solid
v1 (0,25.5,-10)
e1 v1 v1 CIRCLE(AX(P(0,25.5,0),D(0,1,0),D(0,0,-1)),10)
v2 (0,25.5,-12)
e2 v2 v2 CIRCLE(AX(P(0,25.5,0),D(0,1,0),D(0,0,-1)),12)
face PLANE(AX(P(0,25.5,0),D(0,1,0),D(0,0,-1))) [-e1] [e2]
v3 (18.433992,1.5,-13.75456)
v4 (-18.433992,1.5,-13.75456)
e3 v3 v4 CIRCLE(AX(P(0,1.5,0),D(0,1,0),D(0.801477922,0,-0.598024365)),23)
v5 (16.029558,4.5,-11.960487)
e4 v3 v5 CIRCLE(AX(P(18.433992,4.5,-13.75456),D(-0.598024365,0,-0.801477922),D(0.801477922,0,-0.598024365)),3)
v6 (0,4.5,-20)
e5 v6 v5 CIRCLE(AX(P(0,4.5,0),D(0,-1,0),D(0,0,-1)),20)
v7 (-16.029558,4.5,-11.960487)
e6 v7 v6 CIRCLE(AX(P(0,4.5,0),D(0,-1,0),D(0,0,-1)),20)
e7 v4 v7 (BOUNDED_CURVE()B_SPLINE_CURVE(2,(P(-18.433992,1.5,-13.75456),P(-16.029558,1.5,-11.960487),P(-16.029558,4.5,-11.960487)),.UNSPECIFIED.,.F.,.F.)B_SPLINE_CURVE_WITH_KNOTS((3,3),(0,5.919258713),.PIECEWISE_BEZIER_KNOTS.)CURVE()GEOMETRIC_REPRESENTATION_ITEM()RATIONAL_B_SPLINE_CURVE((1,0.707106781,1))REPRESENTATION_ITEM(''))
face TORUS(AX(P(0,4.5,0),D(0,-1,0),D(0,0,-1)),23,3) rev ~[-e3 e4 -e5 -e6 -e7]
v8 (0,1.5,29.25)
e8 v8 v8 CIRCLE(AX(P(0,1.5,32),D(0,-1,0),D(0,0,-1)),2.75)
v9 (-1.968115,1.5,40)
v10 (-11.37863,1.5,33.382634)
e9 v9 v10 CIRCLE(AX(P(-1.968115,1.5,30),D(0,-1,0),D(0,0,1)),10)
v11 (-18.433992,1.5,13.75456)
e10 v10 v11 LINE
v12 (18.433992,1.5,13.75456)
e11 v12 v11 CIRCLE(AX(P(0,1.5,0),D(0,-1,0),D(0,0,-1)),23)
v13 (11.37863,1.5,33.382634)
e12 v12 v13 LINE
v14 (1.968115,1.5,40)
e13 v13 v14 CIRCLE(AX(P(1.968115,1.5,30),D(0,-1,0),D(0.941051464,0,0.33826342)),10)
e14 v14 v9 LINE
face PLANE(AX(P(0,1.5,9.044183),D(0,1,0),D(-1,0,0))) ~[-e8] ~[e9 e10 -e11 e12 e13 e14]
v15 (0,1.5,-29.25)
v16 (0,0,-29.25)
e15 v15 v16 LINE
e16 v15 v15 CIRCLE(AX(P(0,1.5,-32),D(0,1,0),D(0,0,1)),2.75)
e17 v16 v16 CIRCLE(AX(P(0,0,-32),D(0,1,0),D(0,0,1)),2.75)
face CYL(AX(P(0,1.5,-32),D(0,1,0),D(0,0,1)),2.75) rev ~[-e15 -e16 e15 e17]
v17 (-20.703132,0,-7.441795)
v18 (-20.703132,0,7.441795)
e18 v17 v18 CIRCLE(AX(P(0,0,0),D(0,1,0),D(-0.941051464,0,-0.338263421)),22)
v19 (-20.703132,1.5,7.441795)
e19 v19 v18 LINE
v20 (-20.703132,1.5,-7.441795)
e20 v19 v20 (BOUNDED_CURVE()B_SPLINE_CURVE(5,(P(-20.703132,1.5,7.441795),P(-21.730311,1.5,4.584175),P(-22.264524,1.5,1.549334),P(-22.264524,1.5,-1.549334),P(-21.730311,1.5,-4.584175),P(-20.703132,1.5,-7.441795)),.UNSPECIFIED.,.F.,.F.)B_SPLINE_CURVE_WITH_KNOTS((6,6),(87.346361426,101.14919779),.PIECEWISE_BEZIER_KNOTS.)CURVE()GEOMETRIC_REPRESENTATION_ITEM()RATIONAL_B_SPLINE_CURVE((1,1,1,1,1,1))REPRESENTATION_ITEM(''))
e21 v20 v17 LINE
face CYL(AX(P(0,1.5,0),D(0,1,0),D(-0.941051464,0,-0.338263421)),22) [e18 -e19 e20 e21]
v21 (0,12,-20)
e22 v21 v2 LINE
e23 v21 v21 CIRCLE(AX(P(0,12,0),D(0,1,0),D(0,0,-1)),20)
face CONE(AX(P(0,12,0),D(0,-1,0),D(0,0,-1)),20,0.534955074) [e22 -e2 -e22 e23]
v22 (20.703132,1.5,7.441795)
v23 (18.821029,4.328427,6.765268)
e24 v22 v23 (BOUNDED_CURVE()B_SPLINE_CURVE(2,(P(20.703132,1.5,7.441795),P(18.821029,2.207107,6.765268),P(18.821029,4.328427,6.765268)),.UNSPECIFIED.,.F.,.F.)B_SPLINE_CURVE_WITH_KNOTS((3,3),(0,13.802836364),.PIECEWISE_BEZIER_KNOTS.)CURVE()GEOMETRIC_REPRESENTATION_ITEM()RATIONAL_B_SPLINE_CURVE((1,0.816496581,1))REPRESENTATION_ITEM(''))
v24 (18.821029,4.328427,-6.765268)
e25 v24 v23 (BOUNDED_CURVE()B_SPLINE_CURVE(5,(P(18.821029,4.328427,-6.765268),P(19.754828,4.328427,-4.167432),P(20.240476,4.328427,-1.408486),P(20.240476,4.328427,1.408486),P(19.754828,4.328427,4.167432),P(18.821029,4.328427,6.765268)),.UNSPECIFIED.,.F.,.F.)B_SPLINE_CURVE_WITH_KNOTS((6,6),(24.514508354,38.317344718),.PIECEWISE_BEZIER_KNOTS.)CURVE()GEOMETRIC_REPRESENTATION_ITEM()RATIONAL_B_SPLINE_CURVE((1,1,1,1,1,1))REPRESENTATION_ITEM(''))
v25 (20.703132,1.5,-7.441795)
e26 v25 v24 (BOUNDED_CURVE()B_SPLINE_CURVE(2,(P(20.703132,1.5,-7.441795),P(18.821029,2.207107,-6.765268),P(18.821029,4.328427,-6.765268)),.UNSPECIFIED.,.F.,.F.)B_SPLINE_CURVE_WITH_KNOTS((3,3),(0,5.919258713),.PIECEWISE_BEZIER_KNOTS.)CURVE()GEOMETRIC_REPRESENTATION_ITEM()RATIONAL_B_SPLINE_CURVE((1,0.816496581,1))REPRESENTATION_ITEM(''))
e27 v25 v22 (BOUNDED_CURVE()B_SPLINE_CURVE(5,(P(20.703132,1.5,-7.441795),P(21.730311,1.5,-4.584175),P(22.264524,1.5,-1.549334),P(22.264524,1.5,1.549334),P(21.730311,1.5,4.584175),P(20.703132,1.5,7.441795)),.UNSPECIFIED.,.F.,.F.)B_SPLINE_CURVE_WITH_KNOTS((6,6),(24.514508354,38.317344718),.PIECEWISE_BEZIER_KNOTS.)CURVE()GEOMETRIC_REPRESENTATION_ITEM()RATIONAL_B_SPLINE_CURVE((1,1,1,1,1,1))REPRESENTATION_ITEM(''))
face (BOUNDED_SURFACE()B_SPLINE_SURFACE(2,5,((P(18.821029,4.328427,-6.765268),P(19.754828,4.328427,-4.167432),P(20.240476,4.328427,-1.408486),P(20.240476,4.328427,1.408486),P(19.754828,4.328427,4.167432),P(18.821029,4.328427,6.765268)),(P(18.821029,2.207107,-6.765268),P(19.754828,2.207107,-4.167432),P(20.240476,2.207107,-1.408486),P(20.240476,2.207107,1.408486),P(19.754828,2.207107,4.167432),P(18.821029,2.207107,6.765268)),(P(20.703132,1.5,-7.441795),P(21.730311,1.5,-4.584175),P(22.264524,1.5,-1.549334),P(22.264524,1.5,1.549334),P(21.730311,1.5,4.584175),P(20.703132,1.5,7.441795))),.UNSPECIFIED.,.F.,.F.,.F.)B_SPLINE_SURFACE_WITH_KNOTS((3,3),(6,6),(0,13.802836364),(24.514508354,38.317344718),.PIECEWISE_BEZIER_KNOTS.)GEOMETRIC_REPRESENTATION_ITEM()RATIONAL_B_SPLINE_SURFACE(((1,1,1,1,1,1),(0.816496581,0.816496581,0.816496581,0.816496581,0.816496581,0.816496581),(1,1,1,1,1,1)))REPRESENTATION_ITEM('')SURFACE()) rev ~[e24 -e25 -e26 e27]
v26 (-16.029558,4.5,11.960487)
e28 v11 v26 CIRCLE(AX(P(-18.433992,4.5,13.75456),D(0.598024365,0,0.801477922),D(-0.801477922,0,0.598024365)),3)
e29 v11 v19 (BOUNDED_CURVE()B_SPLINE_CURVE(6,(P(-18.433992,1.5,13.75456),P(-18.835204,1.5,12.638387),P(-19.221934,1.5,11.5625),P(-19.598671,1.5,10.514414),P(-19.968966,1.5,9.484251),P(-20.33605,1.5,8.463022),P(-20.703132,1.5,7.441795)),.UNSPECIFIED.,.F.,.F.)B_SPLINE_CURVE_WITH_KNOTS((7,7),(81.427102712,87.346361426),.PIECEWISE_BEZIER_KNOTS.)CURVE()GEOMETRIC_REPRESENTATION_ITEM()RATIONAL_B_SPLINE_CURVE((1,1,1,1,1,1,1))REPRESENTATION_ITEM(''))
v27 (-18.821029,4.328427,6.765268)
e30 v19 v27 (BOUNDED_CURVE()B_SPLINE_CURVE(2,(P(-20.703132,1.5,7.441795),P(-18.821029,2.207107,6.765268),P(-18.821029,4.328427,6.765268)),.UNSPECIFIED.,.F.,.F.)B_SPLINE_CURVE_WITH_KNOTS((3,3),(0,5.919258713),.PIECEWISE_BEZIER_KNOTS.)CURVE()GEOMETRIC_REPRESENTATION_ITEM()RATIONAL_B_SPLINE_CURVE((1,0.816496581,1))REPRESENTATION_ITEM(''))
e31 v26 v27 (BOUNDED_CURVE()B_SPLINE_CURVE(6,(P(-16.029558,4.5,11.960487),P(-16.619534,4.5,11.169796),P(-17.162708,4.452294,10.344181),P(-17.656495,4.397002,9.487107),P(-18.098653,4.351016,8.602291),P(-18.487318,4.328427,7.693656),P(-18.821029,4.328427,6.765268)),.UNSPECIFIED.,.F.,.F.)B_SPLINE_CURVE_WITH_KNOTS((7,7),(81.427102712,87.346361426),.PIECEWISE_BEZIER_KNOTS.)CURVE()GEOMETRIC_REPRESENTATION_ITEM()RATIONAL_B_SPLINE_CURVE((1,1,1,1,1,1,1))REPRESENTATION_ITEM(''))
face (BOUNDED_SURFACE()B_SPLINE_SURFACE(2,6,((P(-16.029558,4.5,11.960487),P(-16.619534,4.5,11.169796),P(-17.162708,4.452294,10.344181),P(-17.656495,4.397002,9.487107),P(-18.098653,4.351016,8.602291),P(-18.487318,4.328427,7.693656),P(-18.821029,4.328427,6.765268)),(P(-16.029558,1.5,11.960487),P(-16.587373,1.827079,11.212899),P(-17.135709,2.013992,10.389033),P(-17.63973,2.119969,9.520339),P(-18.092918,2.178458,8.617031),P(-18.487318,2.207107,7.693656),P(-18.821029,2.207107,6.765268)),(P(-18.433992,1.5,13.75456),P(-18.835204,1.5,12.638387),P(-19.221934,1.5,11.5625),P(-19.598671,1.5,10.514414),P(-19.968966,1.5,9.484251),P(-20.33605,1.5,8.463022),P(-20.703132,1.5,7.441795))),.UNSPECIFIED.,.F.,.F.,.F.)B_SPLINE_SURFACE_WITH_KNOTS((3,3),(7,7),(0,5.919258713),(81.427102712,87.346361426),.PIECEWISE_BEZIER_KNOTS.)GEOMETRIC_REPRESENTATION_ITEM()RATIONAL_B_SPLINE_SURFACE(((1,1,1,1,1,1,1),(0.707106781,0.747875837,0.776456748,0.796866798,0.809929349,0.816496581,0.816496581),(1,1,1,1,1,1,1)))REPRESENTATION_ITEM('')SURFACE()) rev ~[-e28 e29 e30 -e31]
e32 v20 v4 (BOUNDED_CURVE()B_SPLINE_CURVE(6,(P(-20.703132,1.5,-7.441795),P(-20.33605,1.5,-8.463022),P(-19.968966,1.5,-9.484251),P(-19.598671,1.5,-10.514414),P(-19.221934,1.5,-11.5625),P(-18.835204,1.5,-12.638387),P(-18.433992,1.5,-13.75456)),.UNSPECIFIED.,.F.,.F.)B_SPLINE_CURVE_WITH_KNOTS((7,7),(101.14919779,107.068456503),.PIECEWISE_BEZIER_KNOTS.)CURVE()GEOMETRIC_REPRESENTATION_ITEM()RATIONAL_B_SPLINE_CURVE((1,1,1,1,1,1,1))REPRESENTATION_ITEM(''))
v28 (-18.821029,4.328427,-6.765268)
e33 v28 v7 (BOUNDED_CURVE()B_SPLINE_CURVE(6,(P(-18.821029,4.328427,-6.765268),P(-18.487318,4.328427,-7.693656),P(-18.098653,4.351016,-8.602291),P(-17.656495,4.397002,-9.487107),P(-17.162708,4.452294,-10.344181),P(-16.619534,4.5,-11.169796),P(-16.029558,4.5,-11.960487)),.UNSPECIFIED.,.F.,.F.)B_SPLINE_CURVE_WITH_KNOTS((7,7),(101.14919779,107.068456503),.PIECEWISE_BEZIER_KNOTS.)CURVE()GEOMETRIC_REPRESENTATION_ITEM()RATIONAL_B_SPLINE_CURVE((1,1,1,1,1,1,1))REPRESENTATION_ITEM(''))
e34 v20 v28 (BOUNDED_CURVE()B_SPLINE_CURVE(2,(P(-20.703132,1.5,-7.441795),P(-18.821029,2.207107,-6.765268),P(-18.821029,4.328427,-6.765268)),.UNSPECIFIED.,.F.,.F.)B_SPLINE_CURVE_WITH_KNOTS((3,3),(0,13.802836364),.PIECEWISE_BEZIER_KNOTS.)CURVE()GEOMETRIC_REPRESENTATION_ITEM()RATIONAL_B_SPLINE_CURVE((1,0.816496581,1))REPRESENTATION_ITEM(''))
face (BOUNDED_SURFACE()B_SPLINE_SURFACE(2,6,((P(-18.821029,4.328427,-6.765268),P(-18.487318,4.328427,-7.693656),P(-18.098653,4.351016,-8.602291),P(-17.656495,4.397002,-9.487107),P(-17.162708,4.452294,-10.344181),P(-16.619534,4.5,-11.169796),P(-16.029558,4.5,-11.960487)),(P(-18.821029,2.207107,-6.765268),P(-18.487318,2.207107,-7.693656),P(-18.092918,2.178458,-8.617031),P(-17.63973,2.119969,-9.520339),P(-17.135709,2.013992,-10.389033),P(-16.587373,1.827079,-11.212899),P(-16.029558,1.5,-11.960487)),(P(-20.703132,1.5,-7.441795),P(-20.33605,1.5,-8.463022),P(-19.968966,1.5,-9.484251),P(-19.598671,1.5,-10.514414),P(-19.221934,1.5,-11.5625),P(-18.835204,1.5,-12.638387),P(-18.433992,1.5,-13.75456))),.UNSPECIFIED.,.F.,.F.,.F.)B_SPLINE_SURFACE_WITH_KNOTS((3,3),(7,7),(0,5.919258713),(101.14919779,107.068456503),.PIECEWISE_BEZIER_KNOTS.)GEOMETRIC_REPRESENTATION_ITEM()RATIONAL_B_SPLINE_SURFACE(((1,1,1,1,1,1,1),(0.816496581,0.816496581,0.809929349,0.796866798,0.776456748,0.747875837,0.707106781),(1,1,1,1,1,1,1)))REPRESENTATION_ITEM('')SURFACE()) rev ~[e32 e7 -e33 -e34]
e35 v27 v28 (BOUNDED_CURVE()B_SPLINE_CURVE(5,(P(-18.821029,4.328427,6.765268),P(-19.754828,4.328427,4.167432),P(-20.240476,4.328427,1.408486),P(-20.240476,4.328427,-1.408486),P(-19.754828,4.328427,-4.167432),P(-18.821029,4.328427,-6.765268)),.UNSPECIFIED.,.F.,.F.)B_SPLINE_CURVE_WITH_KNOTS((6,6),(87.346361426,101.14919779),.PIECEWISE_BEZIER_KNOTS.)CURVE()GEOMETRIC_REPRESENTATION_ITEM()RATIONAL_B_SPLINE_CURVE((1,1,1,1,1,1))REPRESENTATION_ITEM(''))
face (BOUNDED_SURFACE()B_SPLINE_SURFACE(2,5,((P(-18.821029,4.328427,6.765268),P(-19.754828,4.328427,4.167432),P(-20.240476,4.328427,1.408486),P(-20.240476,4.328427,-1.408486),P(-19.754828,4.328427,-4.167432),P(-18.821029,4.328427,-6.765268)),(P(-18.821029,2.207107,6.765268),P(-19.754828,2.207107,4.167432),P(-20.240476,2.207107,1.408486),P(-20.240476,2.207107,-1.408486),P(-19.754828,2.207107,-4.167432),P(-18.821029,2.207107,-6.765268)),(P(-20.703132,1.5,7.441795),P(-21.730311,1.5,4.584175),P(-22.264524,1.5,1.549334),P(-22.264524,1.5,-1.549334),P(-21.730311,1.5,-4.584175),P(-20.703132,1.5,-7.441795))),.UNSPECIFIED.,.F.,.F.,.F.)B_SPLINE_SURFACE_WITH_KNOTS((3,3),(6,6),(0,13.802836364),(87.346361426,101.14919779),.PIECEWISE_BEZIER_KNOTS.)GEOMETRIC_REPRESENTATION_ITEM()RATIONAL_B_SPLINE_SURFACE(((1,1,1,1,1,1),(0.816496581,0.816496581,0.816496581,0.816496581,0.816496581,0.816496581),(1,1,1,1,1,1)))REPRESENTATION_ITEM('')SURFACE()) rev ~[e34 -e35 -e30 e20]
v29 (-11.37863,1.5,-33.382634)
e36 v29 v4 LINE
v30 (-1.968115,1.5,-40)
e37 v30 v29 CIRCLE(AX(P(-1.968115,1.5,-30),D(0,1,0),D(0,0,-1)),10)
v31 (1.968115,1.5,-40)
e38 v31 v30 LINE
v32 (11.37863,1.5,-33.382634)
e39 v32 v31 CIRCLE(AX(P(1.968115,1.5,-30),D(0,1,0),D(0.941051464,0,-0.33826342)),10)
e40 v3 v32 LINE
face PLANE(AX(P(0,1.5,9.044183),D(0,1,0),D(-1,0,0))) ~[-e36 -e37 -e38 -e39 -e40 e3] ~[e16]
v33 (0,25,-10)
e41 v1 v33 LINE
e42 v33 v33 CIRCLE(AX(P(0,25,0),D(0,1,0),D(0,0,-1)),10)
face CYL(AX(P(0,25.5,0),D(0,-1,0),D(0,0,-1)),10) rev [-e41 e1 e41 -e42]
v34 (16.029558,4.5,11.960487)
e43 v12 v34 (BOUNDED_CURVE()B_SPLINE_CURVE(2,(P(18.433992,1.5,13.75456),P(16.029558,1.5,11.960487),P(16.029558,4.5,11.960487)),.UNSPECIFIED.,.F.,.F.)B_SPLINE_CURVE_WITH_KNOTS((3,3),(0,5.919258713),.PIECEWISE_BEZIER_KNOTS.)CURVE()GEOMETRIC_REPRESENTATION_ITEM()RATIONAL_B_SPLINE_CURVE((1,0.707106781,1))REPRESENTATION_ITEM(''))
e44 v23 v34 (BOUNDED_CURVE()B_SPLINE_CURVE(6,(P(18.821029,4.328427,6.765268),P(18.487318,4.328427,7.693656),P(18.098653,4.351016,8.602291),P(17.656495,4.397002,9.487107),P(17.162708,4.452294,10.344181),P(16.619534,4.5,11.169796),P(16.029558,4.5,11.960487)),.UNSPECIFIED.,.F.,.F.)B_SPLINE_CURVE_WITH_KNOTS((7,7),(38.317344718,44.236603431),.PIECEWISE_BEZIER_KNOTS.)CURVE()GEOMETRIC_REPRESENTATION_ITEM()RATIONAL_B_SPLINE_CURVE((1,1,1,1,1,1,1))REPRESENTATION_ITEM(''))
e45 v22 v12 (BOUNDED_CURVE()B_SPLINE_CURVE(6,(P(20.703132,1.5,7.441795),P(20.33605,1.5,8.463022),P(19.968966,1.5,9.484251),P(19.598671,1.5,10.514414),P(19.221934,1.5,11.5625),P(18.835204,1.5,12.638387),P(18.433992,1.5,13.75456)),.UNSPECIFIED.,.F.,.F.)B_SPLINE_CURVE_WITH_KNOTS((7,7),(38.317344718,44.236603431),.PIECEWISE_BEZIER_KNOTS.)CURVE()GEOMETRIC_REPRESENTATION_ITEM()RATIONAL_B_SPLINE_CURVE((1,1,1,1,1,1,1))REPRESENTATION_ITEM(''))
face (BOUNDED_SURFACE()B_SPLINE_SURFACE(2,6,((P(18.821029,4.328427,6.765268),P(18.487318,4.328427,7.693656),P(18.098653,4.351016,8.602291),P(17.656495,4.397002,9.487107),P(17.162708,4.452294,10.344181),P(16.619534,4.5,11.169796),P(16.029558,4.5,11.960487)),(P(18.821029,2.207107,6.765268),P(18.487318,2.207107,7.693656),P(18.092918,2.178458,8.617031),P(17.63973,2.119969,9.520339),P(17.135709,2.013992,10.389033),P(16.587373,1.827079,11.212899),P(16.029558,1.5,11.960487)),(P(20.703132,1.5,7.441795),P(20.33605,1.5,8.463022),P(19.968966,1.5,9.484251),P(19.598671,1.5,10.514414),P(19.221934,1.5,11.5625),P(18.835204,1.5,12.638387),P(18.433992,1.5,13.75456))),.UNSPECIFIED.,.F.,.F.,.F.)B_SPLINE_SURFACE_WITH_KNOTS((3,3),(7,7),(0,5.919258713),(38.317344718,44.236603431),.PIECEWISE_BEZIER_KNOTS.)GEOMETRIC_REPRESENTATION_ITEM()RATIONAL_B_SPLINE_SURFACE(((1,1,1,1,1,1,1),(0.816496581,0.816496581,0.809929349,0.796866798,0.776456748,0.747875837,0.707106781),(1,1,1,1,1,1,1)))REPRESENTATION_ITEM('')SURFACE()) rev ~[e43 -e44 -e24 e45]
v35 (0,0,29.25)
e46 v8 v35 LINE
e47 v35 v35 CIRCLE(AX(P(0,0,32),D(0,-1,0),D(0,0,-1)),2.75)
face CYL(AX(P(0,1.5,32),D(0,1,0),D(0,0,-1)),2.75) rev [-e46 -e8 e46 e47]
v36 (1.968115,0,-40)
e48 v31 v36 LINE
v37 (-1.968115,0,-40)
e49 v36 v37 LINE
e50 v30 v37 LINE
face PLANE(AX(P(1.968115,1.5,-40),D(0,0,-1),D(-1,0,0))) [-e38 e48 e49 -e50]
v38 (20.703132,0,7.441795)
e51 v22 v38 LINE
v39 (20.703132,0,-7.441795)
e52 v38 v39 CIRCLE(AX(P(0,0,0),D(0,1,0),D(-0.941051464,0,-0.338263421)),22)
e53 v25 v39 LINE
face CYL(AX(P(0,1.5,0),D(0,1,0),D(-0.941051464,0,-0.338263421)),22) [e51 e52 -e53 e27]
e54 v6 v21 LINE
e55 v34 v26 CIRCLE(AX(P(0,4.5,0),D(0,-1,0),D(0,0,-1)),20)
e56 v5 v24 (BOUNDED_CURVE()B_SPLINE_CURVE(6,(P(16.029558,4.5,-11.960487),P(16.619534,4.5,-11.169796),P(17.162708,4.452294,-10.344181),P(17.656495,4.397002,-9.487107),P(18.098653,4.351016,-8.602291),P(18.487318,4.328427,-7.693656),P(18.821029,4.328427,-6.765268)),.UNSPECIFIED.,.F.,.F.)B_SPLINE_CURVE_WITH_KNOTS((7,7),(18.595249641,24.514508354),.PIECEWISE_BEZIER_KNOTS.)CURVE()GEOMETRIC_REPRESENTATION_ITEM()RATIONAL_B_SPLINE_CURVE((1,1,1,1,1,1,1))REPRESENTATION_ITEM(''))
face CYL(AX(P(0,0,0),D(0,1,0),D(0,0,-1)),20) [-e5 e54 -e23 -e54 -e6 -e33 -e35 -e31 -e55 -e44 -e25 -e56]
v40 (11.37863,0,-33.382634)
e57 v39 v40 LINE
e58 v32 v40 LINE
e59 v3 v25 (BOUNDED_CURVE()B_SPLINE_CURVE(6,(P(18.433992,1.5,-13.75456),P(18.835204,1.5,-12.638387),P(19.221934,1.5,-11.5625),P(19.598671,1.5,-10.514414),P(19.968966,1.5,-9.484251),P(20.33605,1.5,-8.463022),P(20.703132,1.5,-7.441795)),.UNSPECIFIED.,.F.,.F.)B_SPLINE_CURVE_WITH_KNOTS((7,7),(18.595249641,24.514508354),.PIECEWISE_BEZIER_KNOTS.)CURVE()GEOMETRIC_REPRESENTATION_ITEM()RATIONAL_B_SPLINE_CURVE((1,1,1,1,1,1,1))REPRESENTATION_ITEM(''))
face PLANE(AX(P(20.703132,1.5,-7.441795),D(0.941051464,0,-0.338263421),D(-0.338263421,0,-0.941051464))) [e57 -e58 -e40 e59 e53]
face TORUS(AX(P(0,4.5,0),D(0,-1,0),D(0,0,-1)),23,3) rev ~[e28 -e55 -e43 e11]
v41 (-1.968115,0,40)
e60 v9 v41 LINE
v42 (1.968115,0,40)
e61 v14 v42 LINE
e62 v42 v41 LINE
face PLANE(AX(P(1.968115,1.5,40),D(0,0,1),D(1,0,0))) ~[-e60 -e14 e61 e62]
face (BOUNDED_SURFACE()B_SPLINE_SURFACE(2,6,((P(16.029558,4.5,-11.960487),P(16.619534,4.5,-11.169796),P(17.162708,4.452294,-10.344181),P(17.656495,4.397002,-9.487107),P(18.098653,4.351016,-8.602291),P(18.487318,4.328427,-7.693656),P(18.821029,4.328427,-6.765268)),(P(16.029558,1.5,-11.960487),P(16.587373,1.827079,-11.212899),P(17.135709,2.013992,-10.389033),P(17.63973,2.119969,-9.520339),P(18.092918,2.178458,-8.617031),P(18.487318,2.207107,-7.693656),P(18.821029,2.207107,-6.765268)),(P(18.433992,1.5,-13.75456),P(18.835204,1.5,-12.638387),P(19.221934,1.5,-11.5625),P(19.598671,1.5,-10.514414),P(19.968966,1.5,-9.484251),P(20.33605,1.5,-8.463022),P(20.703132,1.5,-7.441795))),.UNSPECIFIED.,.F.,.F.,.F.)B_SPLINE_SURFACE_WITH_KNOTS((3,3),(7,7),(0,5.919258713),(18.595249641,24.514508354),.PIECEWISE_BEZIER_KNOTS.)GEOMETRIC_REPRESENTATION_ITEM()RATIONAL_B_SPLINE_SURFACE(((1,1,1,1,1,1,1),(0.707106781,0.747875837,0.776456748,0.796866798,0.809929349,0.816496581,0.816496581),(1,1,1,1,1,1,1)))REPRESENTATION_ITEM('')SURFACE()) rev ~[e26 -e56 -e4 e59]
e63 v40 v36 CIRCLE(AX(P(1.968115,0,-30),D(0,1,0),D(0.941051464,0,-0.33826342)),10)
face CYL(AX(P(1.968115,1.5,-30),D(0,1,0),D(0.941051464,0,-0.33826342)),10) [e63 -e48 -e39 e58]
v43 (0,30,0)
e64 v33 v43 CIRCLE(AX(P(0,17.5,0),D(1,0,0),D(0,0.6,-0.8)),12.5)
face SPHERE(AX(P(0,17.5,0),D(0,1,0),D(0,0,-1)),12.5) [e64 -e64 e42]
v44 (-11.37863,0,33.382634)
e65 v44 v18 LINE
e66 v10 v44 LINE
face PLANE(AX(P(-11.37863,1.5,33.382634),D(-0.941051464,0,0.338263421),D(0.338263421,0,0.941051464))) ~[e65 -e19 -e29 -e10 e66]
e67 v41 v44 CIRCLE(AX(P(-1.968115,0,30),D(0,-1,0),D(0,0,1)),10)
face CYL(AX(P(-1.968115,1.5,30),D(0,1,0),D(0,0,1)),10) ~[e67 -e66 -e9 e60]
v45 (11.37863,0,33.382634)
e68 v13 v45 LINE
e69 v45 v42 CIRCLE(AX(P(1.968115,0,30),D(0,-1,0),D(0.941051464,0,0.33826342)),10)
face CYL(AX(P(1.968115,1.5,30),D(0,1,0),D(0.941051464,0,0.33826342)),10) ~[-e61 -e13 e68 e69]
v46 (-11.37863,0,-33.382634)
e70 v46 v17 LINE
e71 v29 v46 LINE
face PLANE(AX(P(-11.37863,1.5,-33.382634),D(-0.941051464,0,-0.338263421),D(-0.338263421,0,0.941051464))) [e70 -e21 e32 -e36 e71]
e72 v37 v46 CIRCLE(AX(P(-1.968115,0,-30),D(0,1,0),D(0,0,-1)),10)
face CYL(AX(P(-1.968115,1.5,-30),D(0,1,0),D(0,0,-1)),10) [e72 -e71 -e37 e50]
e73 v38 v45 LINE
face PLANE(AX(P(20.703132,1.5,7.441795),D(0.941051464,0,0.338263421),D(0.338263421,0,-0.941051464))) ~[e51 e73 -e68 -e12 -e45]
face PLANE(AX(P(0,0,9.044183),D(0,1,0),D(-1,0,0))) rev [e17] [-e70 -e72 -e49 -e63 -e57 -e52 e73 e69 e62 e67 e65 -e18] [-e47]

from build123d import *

# Parameters (mm, degrees)
BOSS_EXTRUDE1_START = 1.5
SKETCH2_R           = 2.75
SKETCH2_R_2         = 20
BOSS_EXTRUDE1_DEPTH = 1.5
FILLET1_R           = 3


with BuildPart() as part:
    # Sketch1 → Revolve1 (revolve)
    with BuildSketch(Plane.XY, mode=Mode.PRIVATE) as revolve1_sk:
        with BuildLine():
            ThreePointArc((0, 30), (-12.5, 17.5), (0, 5))
            Line((0, 5), (0, 30))
        make_face()
        with BuildLine():
            Line((0, 30), (0, 5))
            ThreePointArc((0, 5), (8.838834765, 8.661165235), (12.5, 17.5))
            ThreePointArc((12.5, 17.5), (11.858541226, 21.452847075), (10, 25))
            ThreePointArc((10, 25), (5.590169944, 28.680339887), (0, 30))
        make_face()
        with BuildLine():
            Line((0, 5), (0, 0))
            Line((0, 0), (20, 0))
            Line((20, 0), (20, 12))
            Line((20, 12), (12, 25.5))
            Line((12, 25.5), (10, 25.5))
            Line((10, 25.5), (10, 25))
            ThreePointArc((10, 25), (11.858541226, 21.452847075), (12.5, 17.5))
            ThreePointArc((12.5, 17.5), (8.838834765, 8.661165235), (0, 5))
        make_face()
    revolve(revolve1_sk.sketch.rotate(Axis((0, 0, 0), (0, 1, 0)), 90), axis=Axis((0, 0, 0), (0, 1, 0)))

    # Sketch2 → Boss-Extrude1 (add)
    with BuildSketch(Plane(origin=(0, 0, 0), x_dir=(1, 0, 0), z_dir=(0, 1, 0)).offset(BOSS_EXTRUDE1_START)):
        with BuildLine():
            Line((-11.378629516, 33.382634205), (-20.703132213, 7.441795252))
            ThreePointArc((-20.703132213, 7.441795252), (0, -22), (20.703132213, 7.441795252))
            Line((20.703132213, 7.441795252), (11.378629516, 33.382634205))
            ThreePointArc((11.378629516, 33.382634205), (7.720230047, 38.180047129), (1.968114874, 40))
            Line((1.968114874, 40), (-1.968114874, 40))
            ThreePointArc((-1.968114874, 40), (-7.720230047, 38.180047129), (-11.378629516, 33.382634205))
        make_face()
        with Locations(Location((0, 32, 0), (0, 0, 270))):
            Circle(SKETCH2_R, mode=Mode.SUBTRACT)
        with Locations(Location((0, 0, 0), (0, 0, 90))):
            Circle(SKETCH2_R_2, mode=Mode.SUBTRACT)
    boss_extrude1 = extrude(amount=-BOSS_EXTRUDE1_DEPTH)

    # Mirror1: Boss-Extrude1 across plane
    add(boss_extrude1.mirror(Plane.XY))

    # Fillet1
    fillet1_edges = [part.edges().sort_by_distance(p)[0] for p in [
        (0, 1.5, 20),
    ]]
    fillet(fillet1_edges, radius=FILLET1_R)


solid = part.part
